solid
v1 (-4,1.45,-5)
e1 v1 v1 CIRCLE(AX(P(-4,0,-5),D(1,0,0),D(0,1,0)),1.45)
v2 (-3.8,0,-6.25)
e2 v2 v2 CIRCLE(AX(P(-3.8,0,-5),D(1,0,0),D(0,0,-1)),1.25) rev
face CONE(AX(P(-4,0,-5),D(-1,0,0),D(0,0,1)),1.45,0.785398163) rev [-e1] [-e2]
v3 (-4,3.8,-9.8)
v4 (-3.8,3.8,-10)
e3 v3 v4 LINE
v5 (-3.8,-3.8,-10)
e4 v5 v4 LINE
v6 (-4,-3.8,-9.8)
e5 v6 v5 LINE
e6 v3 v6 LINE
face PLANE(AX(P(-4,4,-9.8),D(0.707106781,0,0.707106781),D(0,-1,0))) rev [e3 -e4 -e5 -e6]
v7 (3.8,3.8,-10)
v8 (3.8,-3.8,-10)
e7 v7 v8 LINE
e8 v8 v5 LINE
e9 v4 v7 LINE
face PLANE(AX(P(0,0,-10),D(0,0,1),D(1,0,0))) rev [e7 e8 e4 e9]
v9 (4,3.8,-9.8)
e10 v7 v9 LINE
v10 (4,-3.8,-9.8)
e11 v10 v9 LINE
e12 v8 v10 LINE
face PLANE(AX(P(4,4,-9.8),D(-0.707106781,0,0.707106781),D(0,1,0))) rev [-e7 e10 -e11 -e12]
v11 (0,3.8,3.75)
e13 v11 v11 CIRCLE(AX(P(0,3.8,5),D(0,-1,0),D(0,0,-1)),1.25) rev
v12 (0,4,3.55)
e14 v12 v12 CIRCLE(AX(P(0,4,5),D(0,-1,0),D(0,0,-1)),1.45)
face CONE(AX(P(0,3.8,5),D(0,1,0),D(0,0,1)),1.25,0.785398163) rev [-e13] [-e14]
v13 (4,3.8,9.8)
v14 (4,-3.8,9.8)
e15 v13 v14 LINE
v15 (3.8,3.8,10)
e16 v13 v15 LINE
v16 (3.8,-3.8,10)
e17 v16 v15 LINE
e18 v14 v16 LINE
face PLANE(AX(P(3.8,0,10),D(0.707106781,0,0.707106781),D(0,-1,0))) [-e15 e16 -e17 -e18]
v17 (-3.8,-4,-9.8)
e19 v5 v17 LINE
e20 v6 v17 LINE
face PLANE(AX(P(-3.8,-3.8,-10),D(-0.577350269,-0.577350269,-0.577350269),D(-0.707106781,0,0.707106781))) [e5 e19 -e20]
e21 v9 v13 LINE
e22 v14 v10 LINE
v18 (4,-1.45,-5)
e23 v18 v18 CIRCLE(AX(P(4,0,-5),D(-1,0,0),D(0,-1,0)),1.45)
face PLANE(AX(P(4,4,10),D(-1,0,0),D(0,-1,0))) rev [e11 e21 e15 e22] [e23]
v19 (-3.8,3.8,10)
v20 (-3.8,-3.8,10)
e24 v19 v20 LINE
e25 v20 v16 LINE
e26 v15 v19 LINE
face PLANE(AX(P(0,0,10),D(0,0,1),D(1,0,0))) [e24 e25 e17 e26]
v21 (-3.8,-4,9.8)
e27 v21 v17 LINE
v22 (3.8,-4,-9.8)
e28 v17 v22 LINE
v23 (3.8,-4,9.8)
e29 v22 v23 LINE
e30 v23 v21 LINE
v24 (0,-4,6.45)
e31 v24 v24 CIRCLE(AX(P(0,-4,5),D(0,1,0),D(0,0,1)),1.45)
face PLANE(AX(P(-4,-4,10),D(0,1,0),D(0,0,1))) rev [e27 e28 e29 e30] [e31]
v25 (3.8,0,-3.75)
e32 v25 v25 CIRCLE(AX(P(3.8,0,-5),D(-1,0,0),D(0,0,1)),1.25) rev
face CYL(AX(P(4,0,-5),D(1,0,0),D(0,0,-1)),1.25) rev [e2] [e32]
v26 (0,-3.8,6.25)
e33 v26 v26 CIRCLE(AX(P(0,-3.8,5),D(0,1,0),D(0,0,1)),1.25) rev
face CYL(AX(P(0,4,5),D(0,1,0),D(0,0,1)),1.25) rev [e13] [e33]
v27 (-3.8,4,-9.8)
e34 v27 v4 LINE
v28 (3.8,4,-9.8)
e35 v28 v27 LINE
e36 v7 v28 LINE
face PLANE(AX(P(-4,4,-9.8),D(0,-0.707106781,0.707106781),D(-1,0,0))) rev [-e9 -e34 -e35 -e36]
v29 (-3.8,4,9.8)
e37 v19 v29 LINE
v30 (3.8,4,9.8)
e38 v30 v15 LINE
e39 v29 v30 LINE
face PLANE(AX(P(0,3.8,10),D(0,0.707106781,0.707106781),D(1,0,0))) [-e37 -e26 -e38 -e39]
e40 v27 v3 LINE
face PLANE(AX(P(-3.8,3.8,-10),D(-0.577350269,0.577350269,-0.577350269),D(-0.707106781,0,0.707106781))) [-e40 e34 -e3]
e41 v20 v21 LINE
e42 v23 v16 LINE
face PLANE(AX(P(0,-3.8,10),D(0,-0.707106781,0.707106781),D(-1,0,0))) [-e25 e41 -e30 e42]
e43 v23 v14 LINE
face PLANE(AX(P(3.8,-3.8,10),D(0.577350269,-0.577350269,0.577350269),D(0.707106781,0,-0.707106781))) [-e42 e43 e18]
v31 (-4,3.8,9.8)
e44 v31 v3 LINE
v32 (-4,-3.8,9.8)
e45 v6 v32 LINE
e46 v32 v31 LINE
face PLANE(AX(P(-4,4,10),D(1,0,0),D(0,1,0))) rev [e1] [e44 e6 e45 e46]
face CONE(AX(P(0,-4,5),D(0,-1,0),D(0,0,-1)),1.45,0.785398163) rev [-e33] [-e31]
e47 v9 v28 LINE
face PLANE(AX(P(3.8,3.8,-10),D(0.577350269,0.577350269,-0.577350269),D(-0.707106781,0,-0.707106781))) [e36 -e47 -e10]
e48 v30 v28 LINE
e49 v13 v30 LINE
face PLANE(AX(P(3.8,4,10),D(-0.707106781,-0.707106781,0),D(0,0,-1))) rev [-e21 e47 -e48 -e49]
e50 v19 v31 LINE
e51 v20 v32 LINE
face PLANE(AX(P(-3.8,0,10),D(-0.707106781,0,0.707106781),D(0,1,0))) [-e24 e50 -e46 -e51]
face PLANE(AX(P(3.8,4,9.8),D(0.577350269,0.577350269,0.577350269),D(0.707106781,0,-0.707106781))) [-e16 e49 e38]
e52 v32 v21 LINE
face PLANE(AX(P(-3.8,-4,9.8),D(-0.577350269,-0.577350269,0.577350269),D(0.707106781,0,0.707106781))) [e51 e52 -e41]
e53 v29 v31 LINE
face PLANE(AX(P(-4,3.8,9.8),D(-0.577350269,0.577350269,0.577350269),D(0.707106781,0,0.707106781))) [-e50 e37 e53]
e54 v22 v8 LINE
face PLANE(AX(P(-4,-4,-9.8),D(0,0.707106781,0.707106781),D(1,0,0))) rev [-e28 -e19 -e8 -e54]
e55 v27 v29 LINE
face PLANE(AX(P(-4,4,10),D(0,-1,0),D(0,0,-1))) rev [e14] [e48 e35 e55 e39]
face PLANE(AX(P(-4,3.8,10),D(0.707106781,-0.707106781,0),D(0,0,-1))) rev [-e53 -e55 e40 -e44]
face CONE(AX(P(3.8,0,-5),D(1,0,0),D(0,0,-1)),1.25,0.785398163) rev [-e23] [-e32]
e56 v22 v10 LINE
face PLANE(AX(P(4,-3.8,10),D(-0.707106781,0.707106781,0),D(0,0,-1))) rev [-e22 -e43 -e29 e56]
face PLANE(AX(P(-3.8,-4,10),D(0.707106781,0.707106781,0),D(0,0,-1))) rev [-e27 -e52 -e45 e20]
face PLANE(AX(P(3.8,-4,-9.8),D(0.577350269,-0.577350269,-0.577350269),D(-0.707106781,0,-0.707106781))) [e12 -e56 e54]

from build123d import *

# Parameters (mm, degrees)
SKETCH_1_W         = 8
SKETCH_1_H         = 8
EXTRUDE_1_DEPTH    = 10
HOLE_WIZARD_M3_1_D = 2.5
HOLE_WIZARD_M3_2_D = 2.5
CHAMFER_1_SIZE     = 0.2


with BuildPart() as part:
    # 草图1 → 凸台-拉伸1 (new, symmetric)
    with BuildSketch(Plane.XY):
        Rectangle(SKETCH_1_W, SKETCH_1_H)
    extrude(amount=EXTRUDE_1_DEPTH, both=True)

    # M3 螺纹孔1 (through all)
    with Locations(Plane(origin=(4, 0, 0), x_dir=(0, 0, -1), z_dir=(1, 0, 0))):
        with Locations((5, 0)):
            Hole(HOLE_WIZARD_M3_1_D / 2)

    # M3 螺纹孔2 (through all)
    with Locations(Plane(origin=(0, 4, 0), x_dir=(1, 0, 0), z_dir=(0, 1, 0))):
        with Locations((0, -5)):
            Hole(HOLE_WIZARD_M3_2_D / 2)

    # 倒角1
    chamfer_1_edges = [part.edges().sort_by_distance(p)[0] for p in [
        (-4, 0, 10),
        (4, 0, -6.25),
        (-4, 0, -6.25),
        (0, -4, 10),
        (1.25, 4, 5),
        (1.25, -4, 5),
        (4, 0, 10),
        (0, -4, -10),
        (-4, 0, -10),
        (0, 4, -10),
        (4, 0, -10),
        (4, -4, 0),
        (-4, -4, 0),
        (-4, 4, 0),
        (4, 4, 0),
        (0, 4, 10),
    ]]
    chamfer(chamfer_1_edges, length=CHAMFER_1_SIZE)


solid = part.part
